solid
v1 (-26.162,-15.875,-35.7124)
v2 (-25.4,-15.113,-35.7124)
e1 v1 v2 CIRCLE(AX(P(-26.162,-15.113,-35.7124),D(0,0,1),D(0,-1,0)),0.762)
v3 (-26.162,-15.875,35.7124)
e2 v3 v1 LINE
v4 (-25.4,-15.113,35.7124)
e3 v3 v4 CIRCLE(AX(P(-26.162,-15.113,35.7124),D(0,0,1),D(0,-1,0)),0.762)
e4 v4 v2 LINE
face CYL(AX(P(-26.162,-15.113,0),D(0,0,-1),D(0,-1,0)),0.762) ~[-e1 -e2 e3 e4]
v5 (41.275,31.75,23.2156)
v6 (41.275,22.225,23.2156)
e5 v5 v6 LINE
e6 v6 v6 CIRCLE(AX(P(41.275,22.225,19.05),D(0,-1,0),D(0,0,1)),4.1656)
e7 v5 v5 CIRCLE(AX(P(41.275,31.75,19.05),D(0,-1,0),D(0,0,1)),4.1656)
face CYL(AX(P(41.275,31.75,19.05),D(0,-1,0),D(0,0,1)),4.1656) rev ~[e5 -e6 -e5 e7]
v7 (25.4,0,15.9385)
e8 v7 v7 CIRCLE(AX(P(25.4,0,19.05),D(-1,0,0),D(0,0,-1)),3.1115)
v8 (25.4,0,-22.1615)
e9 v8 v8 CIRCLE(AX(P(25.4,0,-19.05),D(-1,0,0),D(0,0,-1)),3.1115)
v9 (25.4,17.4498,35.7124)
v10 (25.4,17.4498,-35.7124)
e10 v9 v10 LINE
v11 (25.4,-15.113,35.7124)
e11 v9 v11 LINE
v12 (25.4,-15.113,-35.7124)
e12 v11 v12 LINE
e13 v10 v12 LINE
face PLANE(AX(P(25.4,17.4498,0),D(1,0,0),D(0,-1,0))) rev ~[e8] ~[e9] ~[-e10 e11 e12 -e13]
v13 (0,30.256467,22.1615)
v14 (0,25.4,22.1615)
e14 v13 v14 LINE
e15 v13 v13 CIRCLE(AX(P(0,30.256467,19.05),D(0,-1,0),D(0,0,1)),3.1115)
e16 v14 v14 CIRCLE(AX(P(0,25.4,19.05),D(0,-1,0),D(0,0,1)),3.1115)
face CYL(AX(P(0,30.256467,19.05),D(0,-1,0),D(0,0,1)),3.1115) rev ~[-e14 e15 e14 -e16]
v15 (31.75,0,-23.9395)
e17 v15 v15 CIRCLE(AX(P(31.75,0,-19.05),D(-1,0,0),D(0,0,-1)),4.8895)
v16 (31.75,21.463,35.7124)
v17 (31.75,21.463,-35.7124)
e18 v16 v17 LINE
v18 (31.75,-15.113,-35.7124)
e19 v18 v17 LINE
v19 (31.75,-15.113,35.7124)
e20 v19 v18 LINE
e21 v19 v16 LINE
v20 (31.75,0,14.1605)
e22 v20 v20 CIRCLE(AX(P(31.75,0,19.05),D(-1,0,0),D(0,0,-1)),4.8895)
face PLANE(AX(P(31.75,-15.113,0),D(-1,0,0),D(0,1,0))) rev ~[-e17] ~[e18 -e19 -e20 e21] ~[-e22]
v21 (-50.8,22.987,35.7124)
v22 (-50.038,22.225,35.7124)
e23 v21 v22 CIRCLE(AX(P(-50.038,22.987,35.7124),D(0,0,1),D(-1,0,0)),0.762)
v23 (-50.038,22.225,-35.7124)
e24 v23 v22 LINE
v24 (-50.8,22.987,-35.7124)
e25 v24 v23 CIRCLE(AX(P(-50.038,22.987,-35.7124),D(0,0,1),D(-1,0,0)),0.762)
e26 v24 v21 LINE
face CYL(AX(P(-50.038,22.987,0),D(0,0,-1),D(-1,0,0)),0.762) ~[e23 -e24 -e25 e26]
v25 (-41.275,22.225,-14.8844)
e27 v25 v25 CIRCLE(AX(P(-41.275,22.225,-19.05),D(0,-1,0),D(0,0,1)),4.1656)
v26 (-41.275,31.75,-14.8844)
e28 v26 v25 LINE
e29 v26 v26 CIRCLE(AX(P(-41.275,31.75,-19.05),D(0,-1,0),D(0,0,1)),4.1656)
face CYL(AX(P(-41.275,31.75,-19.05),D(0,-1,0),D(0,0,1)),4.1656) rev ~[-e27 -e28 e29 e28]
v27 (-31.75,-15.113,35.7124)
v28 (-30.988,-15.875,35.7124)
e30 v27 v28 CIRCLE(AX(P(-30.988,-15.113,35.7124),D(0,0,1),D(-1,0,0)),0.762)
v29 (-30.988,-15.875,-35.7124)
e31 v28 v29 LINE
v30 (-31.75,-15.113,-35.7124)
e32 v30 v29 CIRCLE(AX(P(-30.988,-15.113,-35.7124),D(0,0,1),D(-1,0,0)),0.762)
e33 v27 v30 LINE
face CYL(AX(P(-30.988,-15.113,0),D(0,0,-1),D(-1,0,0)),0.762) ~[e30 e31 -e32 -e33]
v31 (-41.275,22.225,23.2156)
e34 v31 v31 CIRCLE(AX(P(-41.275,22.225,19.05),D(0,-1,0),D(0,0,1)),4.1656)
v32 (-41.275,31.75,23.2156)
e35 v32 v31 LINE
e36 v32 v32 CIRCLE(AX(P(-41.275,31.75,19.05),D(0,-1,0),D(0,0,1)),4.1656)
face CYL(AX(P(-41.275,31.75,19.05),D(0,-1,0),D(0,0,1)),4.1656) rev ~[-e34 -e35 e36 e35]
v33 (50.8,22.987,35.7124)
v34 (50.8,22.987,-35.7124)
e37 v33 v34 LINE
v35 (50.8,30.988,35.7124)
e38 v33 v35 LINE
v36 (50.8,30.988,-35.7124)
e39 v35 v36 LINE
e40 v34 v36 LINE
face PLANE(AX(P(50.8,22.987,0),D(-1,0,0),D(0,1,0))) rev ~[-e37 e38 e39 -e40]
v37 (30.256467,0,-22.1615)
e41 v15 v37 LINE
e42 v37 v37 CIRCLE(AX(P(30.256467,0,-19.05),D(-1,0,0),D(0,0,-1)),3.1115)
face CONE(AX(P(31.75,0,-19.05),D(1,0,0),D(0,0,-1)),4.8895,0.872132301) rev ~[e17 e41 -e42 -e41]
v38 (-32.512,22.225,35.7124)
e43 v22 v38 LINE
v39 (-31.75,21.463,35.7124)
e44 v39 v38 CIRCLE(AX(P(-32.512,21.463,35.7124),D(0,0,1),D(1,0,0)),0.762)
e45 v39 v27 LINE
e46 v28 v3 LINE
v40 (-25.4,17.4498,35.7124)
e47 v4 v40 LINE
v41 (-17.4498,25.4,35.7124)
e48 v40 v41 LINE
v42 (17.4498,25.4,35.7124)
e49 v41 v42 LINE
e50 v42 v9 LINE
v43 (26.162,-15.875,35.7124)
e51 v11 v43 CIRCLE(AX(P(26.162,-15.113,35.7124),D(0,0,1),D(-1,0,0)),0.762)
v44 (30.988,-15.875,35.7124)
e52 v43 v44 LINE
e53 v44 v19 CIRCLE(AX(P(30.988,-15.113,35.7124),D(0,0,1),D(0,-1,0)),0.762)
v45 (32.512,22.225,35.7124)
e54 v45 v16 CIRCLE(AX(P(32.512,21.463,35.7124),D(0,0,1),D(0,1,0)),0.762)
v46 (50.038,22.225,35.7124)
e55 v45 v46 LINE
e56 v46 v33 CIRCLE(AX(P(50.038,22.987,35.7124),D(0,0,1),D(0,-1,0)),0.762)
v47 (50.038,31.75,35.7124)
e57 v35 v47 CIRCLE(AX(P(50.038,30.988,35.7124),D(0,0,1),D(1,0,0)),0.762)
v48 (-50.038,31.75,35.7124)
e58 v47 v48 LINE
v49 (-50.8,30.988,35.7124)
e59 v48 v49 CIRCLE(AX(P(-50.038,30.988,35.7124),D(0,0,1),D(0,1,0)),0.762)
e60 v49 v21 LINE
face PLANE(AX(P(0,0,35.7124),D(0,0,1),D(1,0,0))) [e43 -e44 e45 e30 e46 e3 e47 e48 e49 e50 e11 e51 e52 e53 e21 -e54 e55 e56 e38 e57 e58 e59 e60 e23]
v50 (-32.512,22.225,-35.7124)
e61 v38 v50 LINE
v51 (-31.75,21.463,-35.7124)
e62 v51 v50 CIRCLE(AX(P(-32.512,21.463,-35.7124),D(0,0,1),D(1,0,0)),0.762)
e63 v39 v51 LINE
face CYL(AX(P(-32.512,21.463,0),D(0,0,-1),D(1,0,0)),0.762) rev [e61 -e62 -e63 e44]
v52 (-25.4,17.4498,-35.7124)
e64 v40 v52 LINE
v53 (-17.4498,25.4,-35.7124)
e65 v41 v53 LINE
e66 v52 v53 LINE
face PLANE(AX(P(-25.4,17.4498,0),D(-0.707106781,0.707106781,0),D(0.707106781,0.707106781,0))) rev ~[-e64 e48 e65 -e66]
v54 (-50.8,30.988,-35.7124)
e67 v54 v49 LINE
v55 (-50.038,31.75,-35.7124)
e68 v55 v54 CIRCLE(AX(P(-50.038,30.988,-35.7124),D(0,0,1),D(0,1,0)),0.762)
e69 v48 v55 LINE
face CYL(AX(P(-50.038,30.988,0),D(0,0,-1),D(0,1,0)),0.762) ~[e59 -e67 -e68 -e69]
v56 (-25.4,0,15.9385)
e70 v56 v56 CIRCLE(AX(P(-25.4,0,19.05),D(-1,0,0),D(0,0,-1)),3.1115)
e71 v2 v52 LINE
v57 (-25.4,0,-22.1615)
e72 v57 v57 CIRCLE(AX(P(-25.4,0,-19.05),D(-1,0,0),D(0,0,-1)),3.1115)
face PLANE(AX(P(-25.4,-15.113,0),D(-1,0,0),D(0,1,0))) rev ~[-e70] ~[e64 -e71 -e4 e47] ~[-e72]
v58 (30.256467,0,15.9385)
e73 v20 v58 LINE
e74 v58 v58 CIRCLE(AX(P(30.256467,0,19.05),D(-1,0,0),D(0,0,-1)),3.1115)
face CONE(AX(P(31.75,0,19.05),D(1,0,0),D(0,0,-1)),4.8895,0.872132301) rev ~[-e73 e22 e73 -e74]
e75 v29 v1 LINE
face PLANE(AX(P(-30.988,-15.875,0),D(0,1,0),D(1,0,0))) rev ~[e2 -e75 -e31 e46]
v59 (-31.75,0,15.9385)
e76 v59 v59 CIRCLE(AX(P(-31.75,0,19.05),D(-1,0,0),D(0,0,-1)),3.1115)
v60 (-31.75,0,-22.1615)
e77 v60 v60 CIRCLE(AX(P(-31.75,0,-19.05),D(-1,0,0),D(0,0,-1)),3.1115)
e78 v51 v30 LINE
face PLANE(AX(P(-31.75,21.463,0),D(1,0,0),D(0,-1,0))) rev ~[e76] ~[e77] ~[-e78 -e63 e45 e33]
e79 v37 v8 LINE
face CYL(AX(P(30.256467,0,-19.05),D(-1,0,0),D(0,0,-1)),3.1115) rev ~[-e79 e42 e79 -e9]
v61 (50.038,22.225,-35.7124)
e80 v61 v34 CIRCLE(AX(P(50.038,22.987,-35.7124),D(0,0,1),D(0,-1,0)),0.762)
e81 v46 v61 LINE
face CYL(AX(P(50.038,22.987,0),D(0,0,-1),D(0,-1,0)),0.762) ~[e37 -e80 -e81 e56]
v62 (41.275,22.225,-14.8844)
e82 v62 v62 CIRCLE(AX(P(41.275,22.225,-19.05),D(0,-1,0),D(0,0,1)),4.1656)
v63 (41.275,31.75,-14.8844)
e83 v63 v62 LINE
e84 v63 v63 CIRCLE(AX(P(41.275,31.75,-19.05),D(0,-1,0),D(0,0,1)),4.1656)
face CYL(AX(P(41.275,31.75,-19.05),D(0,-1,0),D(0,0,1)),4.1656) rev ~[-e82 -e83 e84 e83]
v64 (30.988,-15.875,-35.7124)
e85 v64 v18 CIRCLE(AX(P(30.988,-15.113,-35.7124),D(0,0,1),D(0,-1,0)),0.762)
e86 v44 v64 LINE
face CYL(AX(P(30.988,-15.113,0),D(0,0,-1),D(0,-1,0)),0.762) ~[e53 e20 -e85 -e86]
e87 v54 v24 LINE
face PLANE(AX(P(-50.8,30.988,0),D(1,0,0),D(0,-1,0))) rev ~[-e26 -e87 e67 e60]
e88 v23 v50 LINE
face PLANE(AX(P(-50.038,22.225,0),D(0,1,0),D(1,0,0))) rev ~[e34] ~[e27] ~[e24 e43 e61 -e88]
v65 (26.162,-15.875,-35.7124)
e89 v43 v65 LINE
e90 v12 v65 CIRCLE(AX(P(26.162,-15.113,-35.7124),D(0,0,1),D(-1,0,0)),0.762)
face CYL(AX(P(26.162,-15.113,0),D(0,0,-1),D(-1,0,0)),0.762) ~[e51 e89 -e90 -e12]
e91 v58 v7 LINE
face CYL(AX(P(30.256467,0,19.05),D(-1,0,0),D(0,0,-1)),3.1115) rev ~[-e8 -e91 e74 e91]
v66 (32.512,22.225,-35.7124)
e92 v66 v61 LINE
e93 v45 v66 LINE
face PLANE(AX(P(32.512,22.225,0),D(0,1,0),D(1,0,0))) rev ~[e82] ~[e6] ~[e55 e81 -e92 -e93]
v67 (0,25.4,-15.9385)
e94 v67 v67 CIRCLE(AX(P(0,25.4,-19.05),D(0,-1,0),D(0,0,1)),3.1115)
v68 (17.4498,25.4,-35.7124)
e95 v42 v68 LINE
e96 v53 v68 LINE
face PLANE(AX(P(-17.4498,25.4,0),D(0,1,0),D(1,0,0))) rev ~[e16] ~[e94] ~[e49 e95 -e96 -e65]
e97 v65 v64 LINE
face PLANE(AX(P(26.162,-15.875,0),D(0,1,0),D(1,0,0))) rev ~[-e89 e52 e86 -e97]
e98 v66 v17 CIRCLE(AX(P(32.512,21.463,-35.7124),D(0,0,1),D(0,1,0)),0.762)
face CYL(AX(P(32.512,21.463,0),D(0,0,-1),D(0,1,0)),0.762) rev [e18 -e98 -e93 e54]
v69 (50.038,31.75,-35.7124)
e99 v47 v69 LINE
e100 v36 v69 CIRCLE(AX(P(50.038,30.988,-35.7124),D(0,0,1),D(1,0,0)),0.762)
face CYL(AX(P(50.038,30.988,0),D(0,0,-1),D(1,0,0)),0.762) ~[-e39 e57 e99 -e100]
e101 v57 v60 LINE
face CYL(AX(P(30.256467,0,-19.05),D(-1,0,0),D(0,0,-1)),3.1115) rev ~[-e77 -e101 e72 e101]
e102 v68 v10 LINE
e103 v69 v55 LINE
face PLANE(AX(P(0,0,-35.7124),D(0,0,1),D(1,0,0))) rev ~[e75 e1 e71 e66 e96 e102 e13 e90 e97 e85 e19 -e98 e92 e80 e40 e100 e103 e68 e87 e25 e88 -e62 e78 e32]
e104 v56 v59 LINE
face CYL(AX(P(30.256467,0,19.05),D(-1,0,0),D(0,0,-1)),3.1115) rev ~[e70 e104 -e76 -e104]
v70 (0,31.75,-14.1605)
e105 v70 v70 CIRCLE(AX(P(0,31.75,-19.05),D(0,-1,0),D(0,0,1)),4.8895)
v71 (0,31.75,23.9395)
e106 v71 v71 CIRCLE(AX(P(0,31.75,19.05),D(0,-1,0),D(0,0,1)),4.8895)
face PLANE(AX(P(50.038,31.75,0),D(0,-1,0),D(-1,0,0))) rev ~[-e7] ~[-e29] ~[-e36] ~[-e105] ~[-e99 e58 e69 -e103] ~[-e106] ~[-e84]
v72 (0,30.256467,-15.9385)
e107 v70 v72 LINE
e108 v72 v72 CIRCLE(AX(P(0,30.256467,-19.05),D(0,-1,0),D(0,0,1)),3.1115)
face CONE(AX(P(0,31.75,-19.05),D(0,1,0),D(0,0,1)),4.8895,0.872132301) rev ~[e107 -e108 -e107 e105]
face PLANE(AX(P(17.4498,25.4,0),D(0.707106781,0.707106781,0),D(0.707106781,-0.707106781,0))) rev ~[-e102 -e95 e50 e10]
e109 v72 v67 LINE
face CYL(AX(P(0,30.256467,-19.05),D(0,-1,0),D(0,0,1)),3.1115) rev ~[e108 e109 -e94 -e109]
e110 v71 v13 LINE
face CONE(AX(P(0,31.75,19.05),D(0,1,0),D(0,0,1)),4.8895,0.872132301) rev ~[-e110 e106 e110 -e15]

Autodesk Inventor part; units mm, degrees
sketch "Sketch_1" plane through (0, 0, 0) normal (0, 0, 1) x (1, 0, 0)
  line L0 (-50.8, 30.988) -> (-50.8, 22.987)
  arc A0 (-50.8, 22.987) -> (-50.038, 22.225) centre (-50.038, 22.987) ccw
  line L1 (-50.038, 22.225) -> (-32.512, 22.225)
  arc A1 (-31.75, 21.463) -> (-32.512, 22.225) centre (-32.512, 21.463) ccw
  line L2 (-31.75, 21.463) -> (-31.75, -15.113)
  arc A2 (-31.75, -15.113) -> (-30.988, -15.875) centre (-30.988, -15.113) ccw
  line L3 (-30.988, -15.875) -> (-26.162, -15.875)
  arc A3 (-26.162, -15.875) -> (-25.4, -15.113) centre (-26.162, -15.113) ccw
  line L4 (-25.4, -15.113) -> (-25.4, 17.4498)
  line L5 (-25.4, 17.4498) -> (-17.4498, 25.4)
  line L6 (-17.4498, 25.4) -> (17.4498, 25.4)
  line L7 (17.4498, 25.4) -> (25.4, 17.4498)
  line L8 (25.4, 17.4498) -> (25.4, -15.113)
  arc A4 (25.4, -15.113) -> (26.162, -15.875) centre (26.162, -15.113) ccw
  line L9 (26.162, -15.875) -> (30.988, -15.875)
  arc A5 (30.988, -15.875) -> (31.75, -15.113) centre (30.988, -15.113) ccw
  line L10 (31.75, -15.113) -> (31.75, 21.463)
  arc A6 (32.512, 22.225) -> (31.75, 21.463) centre (32.512, 21.463) ccw
  line L11 (32.512, 22.225) -> (50.038, 22.225)
  arc A7 (50.038, 22.225) -> (50.8, 22.987) centre (50.038, 22.987) ccw
  line L12 (50.8, 22.987) -> (50.8, 30.988)
  arc A8 (50.8, 30.988) -> (50.038, 31.75) centre (50.038, 30.988) ccw
  line L13 (50.038, 31.75) -> (-50.038, 31.75)
  arc A9 (-50.038, 31.75) -> (-50.8, 30.988) centre (-50.038, 30.988) ccw
extrude "Extrusion1" add sketch "Sketch_1" along normal mid plane 71.4248
sketch "Sketch2" plane through (31.75, -15.113, 35.7124) normal (1, 0, 0) x (0, 0, -1)
  point P0 (16.6624, 15.113)
hole "Drilling 1" at (31.75, 0, 19.05) direction (-1, 0, 0) diameter 6.223 depth 63.5 countersink diameter 9.779 countersink angle 99.939
pattern_linear "Rectangular Pattern1" count 2 spacing 38.1 along (0, 0, -1) of "Drilling 1"
sketch "Sketch3" plane through (-50.038, 31.75, 35.7124) normal (0, 1, 0) x (1, 0, 0)
  point P0 (50.038, 16.6624)
hole "Drilling 2" at (0, 31.75, 19.05) direction (0, -1, 0) diameter 6.223 depth 6.35 countersink diameter 9.779 countersink angle 99.939
pattern_linear "Rectangular Pattern2" count 2 spacing 38.1 along (0, 0, -1) of "Drilling 2"
sketch "Sketch4" plane through (-50.038, 31.75, 35.7124) normal (0, 1, 0) x (1, 0, 0)
  point P0 (8.763, 16.6624)
hole "Drilling 3" at (-41.275, 31.75, 19.05) direction (0, -1, 0) diameter 8.3312 depth 9.525
pattern_linear "Rectangular Pattern3" count 2 spacing 82.55 along (1, 0, 0) count 2 spacing 38.1 along (0, 0, -1) of "Drilling 3"
ref_plane "pad1_XY" through (-25.4, 0, 19.05) normal (1, 0, 0) x (0, 0, -1)
ref_plane "pad1_YZ" through (-25.4, 0, 19.05) normal (0, 0, -1) x (0, 1, 0)
ref_plane "pad1_ZX" through (-25.4, 0, 19.05) normal (0, 1, 0) x (1, 0, 0)
ref_plane "pad2_XY" through (25.4, 0, 19.05) normal (1, 0, 0) x (0, 0, -1)
ref_plane "pad2_YZ" through (25.4, 0, 19.05) normal (0, 0, -1) x (0, 1, 0)
ref_plane "pad2_ZX" through (25.4, 0, 19.05) normal (0, 1, 0) x (1, 0, 0)
ref_plane "pad3_XY" through (0, 25.4, 19.05) normal (0, 1, 0) x (1, 0, 0)
ref_plane "pad3_YZ" through (0, 25.4, 19.05) normal (1, 0, 0) x (0, 0, -1)
ref_plane "pad3_ZX" through (0, 25.4, 19.05) normal (0, 0, -1) x (0, 1, 0)
ref_plane "s1_1_XY" through (-30.2565, 0, 19.05) normal (1, 0, 0) x (0, 0, -1)
ref_plane "s1_1_YZ" through (-30.2565, 0, 19.05) normal (0, 0, -1) x (0, 1, 0)
ref_plane "s1_1_ZX" through (-30.2565, 0, 19.05) normal (0, 1, 0) x (1, 0, 0)
ref_plane "s1_2_XY" through (-30.2565, 0, -19.05) normal (1, 0, 0) x (0, 0, -1)
ref_plane "s1_2_YZ" through (-30.2565, 0, -19.05) normal (0, 0, -1) x (0, 1, 0)
ref_plane "s1_2_ZX" through (-30.2565, 0, -19.05) normal (0, 1, 0) x (1, 0, 0)
ref_plane "s2_1_XY" through (30.2565, 0, 19.05) normal (1, 0, 0) x (0, 0, -1)
ref_plane "s2_1_YZ" through (30.2565, 0, 19.05) normal (0, 0, -1) x (0, 1, 0)
ref_plane "s2_1_ZX" through (30.2565, 0, 19.05) normal (0, 1, 0) x (1, 0, 0)
ref_plane "s2_2_XY" through (30.2565, 0, -19.05) normal (1, 0, 0) x (0, 0, -1)
ref_plane "s2_2_YZ" through (30.2565, 0, -19.05) normal (0, 0, -1) x (0, 1, 0)
ref_plane "s2_2_ZX" through (30.2565, 0, -19.05) normal (0, 1, 0) x (1, 0, 0)
ref_plane "s3_1_XY" through (0, 30.2565, 19.05) normal (0, 1, 0) x (1, 0, 0)
ref_plane "s3_1_YZ" through (0, 30.2565, 19.05) normal (1, 0, 0) x (0, 0, -1)
ref_plane "s3_1_ZX" through (0, 30.2565, 19.05) normal (0, 0, -1) x (0, 1, 0)
ref_plane "s3_2_XY" through (0, 30.2565, -19.05) normal (0, 1, 0) x (1, 0, 0)
ref_plane "s3_2_YZ" through (0, 30.2565, -19.05) normal (1, 0, 0) x (0, 0, -1)
ref_plane "s3_2_ZX" through (0, 30.2565, -19.05) normal (0, 0, -1) x (0, 1, 0)
properties part number "6835_p" material "Aluminum 6061"
